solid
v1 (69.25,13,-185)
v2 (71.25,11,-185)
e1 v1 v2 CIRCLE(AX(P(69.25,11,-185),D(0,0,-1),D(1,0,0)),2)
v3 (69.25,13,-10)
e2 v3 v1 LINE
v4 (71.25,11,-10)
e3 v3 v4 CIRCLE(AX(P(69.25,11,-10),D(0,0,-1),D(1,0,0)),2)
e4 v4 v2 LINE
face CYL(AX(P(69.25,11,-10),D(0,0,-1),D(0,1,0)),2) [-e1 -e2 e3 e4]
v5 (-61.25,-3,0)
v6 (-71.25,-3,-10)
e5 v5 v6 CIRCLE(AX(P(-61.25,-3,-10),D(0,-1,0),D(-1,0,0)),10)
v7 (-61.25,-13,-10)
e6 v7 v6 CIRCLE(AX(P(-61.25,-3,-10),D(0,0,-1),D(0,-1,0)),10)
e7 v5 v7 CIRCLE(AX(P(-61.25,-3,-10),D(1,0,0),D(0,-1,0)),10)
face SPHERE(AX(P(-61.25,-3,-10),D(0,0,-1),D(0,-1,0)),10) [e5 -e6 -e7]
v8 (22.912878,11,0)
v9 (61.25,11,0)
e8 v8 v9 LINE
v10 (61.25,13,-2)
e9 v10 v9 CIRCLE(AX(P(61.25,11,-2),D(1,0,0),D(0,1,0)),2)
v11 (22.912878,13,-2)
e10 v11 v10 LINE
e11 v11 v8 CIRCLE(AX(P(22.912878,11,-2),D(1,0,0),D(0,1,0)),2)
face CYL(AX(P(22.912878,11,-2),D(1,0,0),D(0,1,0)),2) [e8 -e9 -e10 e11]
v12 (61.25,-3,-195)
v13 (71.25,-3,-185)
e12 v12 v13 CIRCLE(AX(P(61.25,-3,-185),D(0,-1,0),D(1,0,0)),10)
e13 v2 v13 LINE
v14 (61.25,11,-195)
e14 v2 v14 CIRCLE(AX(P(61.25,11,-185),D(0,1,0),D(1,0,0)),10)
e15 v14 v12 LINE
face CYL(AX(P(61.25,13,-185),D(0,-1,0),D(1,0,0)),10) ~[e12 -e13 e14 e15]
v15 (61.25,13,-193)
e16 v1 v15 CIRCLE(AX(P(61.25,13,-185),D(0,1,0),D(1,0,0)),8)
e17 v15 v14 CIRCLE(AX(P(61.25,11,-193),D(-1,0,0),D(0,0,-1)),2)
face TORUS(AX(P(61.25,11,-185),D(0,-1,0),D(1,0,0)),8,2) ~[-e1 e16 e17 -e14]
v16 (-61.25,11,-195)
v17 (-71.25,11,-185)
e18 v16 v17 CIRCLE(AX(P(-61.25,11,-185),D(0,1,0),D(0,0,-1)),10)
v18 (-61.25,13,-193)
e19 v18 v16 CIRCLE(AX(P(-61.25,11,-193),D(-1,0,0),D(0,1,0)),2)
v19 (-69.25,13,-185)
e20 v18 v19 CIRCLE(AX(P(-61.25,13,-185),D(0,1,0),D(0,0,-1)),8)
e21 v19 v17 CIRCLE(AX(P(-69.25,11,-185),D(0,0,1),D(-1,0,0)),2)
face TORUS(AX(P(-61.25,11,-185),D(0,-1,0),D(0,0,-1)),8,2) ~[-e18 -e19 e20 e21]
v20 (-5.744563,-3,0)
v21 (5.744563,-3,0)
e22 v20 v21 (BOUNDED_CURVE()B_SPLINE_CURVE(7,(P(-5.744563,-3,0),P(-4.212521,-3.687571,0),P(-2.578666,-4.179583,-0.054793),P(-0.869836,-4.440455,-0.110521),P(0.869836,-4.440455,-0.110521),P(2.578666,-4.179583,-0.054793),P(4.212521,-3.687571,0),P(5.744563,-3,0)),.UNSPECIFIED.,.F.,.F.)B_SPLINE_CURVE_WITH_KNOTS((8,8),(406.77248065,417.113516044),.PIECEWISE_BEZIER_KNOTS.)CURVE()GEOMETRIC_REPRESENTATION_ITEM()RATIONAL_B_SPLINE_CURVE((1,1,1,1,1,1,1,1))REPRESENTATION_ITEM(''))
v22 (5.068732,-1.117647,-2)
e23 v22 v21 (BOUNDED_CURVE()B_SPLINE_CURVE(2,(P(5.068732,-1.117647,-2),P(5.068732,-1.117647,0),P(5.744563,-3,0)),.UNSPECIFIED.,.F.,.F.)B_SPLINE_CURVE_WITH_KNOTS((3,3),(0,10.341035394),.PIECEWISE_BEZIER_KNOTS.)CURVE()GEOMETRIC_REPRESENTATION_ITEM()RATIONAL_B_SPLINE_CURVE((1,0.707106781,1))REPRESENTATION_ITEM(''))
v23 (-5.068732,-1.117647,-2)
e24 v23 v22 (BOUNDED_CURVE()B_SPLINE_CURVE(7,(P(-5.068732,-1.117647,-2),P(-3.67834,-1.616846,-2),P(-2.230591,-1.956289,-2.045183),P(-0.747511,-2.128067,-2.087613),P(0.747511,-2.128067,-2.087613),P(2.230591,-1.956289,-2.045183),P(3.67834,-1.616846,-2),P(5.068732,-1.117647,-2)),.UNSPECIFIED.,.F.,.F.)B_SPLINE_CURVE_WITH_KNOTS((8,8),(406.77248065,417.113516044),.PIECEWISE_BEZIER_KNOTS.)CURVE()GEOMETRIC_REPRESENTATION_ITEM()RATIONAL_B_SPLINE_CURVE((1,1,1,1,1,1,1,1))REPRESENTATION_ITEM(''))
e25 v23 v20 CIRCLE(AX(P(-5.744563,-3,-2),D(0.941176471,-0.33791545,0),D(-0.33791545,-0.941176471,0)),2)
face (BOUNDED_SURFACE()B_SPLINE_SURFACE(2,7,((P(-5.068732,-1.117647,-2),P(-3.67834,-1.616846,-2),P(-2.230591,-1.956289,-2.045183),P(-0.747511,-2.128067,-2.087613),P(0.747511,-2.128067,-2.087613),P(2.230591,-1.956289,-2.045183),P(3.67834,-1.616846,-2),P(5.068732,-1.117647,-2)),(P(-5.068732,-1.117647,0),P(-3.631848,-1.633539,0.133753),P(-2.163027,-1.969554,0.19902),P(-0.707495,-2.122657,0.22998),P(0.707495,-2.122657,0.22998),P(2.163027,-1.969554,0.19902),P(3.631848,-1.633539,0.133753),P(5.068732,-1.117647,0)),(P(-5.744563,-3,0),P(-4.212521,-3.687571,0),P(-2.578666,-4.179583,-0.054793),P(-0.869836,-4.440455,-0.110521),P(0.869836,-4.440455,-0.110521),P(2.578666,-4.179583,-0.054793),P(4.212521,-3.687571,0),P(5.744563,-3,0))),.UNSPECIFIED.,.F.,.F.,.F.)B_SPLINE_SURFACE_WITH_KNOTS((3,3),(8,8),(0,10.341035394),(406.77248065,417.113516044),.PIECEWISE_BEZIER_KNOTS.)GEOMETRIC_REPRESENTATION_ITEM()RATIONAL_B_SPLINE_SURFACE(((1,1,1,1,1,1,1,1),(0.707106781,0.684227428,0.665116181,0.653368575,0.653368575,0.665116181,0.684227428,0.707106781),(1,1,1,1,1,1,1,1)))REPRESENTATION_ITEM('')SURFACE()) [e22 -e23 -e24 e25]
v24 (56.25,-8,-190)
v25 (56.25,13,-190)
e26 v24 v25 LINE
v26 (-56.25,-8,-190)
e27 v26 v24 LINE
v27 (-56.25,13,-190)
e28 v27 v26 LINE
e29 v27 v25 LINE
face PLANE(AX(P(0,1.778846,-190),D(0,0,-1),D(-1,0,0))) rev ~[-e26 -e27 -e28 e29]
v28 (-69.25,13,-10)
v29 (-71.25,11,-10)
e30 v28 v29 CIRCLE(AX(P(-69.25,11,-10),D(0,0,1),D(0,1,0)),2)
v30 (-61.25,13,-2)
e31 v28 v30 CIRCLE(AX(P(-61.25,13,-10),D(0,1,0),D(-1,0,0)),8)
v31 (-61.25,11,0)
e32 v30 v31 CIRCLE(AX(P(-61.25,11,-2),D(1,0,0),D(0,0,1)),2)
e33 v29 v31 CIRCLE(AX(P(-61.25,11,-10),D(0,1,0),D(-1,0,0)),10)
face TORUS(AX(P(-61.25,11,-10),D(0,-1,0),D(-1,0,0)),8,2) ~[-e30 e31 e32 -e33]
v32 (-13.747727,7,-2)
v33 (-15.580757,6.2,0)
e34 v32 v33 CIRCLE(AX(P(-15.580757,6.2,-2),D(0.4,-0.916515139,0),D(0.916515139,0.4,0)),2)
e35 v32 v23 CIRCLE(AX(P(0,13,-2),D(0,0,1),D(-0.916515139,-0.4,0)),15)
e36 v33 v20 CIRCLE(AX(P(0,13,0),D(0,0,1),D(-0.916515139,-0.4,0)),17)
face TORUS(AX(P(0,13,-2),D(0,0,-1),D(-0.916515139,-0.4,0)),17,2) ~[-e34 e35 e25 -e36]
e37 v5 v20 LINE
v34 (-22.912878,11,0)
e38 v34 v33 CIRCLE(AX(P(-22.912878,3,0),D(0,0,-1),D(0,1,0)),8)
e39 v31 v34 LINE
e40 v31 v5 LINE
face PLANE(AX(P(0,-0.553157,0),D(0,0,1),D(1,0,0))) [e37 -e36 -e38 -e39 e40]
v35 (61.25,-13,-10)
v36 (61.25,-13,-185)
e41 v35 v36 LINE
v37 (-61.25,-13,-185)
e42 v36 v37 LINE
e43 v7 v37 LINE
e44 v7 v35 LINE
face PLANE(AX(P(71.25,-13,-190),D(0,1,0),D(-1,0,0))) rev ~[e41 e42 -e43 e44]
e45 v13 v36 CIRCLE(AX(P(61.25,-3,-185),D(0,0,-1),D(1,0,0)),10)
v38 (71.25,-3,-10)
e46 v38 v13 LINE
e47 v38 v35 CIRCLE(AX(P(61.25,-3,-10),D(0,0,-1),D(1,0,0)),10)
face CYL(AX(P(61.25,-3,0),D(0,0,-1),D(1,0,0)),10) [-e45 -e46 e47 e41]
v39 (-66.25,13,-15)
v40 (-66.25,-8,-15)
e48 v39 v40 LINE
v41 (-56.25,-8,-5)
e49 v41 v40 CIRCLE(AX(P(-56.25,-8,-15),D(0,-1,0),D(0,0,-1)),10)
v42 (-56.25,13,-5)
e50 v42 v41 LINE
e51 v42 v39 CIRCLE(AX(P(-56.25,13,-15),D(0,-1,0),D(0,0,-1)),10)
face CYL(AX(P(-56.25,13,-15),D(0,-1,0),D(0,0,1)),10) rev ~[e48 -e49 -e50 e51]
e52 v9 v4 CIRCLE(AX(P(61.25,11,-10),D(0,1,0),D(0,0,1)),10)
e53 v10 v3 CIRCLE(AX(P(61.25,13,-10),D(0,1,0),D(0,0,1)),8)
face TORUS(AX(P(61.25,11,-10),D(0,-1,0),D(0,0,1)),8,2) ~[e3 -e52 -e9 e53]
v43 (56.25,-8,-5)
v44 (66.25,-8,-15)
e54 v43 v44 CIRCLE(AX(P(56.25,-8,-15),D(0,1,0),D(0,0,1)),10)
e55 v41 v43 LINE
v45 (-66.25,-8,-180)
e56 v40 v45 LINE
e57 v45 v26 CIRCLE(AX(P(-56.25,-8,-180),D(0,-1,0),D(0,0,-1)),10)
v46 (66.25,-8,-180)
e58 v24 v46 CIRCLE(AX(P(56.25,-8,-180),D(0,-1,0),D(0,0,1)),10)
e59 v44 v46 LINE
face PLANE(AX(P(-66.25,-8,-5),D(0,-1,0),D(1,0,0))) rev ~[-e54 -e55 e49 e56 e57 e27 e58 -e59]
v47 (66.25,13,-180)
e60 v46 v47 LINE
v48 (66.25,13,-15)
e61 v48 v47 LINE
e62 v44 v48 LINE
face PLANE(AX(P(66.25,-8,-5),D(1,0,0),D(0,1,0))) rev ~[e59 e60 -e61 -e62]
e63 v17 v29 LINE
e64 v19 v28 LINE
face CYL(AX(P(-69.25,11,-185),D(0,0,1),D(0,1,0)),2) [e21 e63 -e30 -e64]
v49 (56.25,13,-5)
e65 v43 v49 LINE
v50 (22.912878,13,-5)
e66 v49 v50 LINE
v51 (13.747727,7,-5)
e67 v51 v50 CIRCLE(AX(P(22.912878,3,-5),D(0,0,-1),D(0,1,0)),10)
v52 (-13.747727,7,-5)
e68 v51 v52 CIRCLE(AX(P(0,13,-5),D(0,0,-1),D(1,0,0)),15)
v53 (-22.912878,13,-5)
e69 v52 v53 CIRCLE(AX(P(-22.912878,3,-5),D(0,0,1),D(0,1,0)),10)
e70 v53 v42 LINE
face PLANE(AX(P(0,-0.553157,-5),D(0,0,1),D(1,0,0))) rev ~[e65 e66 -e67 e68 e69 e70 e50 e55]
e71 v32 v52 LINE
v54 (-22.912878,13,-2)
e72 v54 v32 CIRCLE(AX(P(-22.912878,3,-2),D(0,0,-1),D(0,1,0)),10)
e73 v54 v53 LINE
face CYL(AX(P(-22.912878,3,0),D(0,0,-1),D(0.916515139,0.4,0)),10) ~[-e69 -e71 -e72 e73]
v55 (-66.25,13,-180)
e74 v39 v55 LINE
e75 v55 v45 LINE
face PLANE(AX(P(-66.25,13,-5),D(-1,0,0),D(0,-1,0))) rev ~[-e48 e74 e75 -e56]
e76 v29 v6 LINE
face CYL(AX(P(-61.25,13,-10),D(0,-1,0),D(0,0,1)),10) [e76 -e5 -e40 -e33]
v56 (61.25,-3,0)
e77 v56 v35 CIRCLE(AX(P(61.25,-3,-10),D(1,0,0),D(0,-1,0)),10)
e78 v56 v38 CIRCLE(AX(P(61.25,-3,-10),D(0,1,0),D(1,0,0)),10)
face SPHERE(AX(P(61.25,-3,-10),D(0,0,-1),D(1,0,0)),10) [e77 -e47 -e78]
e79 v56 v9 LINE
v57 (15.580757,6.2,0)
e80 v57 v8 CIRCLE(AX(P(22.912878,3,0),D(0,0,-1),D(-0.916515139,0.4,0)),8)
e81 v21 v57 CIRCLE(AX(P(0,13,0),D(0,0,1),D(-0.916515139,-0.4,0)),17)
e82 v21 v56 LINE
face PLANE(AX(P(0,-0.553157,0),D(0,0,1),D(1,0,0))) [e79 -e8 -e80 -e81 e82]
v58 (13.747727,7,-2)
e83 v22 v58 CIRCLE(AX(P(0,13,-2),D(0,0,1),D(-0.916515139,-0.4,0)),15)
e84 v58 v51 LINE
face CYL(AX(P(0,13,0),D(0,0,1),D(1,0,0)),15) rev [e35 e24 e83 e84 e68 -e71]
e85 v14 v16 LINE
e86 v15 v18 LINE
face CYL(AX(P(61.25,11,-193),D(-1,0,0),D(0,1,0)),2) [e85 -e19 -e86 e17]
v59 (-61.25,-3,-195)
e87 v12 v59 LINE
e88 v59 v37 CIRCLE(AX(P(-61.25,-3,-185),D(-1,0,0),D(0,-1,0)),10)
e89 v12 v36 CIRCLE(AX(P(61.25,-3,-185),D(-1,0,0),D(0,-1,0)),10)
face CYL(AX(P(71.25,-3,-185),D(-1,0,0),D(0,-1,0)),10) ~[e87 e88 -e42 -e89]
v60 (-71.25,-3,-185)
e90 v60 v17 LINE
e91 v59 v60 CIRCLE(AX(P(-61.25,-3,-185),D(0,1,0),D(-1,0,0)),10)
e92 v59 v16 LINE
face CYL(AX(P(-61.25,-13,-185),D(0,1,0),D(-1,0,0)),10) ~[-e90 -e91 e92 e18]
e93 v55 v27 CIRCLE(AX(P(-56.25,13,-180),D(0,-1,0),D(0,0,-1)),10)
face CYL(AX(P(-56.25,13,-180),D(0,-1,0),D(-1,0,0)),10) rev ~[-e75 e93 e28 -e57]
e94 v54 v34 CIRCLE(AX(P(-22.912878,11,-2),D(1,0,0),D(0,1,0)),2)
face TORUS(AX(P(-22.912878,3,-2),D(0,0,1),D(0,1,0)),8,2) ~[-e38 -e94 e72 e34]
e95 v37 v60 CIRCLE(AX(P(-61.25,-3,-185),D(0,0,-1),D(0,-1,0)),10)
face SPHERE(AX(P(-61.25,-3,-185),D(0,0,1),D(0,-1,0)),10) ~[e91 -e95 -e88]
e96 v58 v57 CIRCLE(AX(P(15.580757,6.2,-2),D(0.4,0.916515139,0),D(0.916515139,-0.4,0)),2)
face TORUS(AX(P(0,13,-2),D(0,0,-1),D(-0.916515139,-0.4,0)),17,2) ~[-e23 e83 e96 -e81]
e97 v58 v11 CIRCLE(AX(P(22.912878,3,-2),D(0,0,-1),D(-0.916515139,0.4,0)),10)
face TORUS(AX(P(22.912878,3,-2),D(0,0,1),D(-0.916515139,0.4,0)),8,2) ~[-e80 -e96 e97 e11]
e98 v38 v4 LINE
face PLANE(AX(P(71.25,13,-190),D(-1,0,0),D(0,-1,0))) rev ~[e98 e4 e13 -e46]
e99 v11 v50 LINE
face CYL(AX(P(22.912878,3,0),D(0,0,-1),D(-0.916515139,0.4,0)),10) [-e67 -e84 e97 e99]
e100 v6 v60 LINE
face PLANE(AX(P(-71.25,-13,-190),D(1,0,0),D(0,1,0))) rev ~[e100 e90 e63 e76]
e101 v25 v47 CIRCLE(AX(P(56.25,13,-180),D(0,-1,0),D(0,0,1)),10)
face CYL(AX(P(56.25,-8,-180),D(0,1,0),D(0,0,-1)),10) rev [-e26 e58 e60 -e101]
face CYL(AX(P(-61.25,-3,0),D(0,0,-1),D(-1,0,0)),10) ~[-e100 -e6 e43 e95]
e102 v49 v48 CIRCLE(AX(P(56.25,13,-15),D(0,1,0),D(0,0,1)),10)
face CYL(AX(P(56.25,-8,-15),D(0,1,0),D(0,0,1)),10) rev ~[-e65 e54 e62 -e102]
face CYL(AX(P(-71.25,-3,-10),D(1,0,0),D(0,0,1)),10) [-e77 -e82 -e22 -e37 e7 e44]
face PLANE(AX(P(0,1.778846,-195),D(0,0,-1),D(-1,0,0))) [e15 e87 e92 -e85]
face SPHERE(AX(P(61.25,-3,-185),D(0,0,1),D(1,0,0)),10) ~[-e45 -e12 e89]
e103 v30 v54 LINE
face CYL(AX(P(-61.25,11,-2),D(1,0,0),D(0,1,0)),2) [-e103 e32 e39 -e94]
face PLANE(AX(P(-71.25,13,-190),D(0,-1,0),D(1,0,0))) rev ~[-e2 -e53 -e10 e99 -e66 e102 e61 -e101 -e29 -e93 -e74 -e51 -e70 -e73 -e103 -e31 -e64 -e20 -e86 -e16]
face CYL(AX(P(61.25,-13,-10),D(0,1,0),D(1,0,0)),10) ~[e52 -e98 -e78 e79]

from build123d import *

# Parameters (mm, degrees)
BOSS_EXTRUDE1_DEPTH = 5
BOSS_EXTRUDE2_DEPTH = 185
BOSS_EXTRUDE3_DEPTH = 5
FILLET1_R           = 10
FILLET2_R           = 2


with BuildPart() as part:
    # Sketch1 → Boss-Extrude1 (new body)
    with BuildSketch(Plane.XY):
        with BuildLine():
            Line((-71.25, 13), (-71.25, -13))
            Line((-71.25, -13), (71.25, -13))
            Line((71.25, -13), (71.25, 13))
            Line((71.25, 13), (15, 13))
            ThreePointArc((15, 13), (0, -2), (-15, 13))
            Line((-15, 13), (-71.25, 13))
        make_face()
    extrude(amount=-BOSS_EXTRUDE1_DEPTH)

    # Sketch2 → Boss-Extrude2 (add)
    with BuildSketch(Plane(origin=(0, 0, -5), x_dir=(-1, 0, 0), z_dir=(0, 0, -1))):
        Polygon((-66.25, -8), (-66.25, 8), (-66.25, 13), (-71.25, 13), (-71.25, -13), (71.25, -13), (71.25, 13), (66.25, 13), (66.25, 8), (66.25, -8), align=None)
    extrude(amount=BOSS_EXTRUDE2_DEPTH)

    # Sketch3 → Boss-Extrude3 (add)
    with BuildSketch(Plane(origin=(0, 0, -190), x_dir=(-1, 0, 0), z_dir=(0, 0, -1))):
        with BuildLine():
            Line((-66.25, 13), (-66.25, -8))
            Line((-66.25, -8), (66.25, -8))
            Line((66.25, -8), (66.25, 13))
            Line((66.25, 13), (15, 13))
            ThreePointArc((15, 13), (0, -2), (-15, 13))
            Line((-15, 13), (-66.25, 13))
        make_face()
        with BuildLine():
            Line((15, 13), (-15, 13))
            ThreePointArc((-15, 13), (0, -2), (15, 13))
        make_face()
        Polygon((71.25, 13), (66.25, 13), (66.25, -8), (-66.25, -8), (-66.25, 13), (-71.25, 13), (-71.25, -13), (71.25, -13), align=None)
    extrude(amount=BOSS_EXTRUDE3_DEPTH)

    # Fillet1
    fillet1_edges = [part.edges().sort_by_distance(p)[0] for p in [
        (71.25, -13, -97.5),
        (-71.25, -13, -97.5),
        (-15, 13, -2.5),
        (15, 13, -2.5),
        (-66.25, 2.5, -190),
        (66.25, 2.5, -190),
        (-66.25, 2.5, -5),
        (66.25, 2.5, -5),
        (71.25, 0, -195),
        (0, -13, -195),
        (-71.25, 0, -195),
        (71.25, 0, 0),
        (0, -13, 0),
        (-71.25, 0, 0),
    ]]
    fillet(fillet1_edges, radius=FILLET1_R)

    # Fillet2
    fillet2_edges = [part.edges().sort_by_distance(p)[0] for p in [
        (68.321067812, 13, -192.071067812),
        (-68.321067812, 13, -192.071067812),
        (42.081439237, 13, 0),
        (0, -2, 0),
        (-42.081439237, 13, 0),
        (-17.4356529, 11.366600265, 0),
        (17.4356529, 11.366600265, 0),
        (0, 13, -195),
        (71.25, 13, -97.5),
        (-71.25, 13, -97.5),
        (-68.321067812, 13, -2.928932188),
        (68.321067812, 13, -2.928932188),
    ]]
    fillet(fillet2_edges, radius=FILLET2_R)


solid = part.part
